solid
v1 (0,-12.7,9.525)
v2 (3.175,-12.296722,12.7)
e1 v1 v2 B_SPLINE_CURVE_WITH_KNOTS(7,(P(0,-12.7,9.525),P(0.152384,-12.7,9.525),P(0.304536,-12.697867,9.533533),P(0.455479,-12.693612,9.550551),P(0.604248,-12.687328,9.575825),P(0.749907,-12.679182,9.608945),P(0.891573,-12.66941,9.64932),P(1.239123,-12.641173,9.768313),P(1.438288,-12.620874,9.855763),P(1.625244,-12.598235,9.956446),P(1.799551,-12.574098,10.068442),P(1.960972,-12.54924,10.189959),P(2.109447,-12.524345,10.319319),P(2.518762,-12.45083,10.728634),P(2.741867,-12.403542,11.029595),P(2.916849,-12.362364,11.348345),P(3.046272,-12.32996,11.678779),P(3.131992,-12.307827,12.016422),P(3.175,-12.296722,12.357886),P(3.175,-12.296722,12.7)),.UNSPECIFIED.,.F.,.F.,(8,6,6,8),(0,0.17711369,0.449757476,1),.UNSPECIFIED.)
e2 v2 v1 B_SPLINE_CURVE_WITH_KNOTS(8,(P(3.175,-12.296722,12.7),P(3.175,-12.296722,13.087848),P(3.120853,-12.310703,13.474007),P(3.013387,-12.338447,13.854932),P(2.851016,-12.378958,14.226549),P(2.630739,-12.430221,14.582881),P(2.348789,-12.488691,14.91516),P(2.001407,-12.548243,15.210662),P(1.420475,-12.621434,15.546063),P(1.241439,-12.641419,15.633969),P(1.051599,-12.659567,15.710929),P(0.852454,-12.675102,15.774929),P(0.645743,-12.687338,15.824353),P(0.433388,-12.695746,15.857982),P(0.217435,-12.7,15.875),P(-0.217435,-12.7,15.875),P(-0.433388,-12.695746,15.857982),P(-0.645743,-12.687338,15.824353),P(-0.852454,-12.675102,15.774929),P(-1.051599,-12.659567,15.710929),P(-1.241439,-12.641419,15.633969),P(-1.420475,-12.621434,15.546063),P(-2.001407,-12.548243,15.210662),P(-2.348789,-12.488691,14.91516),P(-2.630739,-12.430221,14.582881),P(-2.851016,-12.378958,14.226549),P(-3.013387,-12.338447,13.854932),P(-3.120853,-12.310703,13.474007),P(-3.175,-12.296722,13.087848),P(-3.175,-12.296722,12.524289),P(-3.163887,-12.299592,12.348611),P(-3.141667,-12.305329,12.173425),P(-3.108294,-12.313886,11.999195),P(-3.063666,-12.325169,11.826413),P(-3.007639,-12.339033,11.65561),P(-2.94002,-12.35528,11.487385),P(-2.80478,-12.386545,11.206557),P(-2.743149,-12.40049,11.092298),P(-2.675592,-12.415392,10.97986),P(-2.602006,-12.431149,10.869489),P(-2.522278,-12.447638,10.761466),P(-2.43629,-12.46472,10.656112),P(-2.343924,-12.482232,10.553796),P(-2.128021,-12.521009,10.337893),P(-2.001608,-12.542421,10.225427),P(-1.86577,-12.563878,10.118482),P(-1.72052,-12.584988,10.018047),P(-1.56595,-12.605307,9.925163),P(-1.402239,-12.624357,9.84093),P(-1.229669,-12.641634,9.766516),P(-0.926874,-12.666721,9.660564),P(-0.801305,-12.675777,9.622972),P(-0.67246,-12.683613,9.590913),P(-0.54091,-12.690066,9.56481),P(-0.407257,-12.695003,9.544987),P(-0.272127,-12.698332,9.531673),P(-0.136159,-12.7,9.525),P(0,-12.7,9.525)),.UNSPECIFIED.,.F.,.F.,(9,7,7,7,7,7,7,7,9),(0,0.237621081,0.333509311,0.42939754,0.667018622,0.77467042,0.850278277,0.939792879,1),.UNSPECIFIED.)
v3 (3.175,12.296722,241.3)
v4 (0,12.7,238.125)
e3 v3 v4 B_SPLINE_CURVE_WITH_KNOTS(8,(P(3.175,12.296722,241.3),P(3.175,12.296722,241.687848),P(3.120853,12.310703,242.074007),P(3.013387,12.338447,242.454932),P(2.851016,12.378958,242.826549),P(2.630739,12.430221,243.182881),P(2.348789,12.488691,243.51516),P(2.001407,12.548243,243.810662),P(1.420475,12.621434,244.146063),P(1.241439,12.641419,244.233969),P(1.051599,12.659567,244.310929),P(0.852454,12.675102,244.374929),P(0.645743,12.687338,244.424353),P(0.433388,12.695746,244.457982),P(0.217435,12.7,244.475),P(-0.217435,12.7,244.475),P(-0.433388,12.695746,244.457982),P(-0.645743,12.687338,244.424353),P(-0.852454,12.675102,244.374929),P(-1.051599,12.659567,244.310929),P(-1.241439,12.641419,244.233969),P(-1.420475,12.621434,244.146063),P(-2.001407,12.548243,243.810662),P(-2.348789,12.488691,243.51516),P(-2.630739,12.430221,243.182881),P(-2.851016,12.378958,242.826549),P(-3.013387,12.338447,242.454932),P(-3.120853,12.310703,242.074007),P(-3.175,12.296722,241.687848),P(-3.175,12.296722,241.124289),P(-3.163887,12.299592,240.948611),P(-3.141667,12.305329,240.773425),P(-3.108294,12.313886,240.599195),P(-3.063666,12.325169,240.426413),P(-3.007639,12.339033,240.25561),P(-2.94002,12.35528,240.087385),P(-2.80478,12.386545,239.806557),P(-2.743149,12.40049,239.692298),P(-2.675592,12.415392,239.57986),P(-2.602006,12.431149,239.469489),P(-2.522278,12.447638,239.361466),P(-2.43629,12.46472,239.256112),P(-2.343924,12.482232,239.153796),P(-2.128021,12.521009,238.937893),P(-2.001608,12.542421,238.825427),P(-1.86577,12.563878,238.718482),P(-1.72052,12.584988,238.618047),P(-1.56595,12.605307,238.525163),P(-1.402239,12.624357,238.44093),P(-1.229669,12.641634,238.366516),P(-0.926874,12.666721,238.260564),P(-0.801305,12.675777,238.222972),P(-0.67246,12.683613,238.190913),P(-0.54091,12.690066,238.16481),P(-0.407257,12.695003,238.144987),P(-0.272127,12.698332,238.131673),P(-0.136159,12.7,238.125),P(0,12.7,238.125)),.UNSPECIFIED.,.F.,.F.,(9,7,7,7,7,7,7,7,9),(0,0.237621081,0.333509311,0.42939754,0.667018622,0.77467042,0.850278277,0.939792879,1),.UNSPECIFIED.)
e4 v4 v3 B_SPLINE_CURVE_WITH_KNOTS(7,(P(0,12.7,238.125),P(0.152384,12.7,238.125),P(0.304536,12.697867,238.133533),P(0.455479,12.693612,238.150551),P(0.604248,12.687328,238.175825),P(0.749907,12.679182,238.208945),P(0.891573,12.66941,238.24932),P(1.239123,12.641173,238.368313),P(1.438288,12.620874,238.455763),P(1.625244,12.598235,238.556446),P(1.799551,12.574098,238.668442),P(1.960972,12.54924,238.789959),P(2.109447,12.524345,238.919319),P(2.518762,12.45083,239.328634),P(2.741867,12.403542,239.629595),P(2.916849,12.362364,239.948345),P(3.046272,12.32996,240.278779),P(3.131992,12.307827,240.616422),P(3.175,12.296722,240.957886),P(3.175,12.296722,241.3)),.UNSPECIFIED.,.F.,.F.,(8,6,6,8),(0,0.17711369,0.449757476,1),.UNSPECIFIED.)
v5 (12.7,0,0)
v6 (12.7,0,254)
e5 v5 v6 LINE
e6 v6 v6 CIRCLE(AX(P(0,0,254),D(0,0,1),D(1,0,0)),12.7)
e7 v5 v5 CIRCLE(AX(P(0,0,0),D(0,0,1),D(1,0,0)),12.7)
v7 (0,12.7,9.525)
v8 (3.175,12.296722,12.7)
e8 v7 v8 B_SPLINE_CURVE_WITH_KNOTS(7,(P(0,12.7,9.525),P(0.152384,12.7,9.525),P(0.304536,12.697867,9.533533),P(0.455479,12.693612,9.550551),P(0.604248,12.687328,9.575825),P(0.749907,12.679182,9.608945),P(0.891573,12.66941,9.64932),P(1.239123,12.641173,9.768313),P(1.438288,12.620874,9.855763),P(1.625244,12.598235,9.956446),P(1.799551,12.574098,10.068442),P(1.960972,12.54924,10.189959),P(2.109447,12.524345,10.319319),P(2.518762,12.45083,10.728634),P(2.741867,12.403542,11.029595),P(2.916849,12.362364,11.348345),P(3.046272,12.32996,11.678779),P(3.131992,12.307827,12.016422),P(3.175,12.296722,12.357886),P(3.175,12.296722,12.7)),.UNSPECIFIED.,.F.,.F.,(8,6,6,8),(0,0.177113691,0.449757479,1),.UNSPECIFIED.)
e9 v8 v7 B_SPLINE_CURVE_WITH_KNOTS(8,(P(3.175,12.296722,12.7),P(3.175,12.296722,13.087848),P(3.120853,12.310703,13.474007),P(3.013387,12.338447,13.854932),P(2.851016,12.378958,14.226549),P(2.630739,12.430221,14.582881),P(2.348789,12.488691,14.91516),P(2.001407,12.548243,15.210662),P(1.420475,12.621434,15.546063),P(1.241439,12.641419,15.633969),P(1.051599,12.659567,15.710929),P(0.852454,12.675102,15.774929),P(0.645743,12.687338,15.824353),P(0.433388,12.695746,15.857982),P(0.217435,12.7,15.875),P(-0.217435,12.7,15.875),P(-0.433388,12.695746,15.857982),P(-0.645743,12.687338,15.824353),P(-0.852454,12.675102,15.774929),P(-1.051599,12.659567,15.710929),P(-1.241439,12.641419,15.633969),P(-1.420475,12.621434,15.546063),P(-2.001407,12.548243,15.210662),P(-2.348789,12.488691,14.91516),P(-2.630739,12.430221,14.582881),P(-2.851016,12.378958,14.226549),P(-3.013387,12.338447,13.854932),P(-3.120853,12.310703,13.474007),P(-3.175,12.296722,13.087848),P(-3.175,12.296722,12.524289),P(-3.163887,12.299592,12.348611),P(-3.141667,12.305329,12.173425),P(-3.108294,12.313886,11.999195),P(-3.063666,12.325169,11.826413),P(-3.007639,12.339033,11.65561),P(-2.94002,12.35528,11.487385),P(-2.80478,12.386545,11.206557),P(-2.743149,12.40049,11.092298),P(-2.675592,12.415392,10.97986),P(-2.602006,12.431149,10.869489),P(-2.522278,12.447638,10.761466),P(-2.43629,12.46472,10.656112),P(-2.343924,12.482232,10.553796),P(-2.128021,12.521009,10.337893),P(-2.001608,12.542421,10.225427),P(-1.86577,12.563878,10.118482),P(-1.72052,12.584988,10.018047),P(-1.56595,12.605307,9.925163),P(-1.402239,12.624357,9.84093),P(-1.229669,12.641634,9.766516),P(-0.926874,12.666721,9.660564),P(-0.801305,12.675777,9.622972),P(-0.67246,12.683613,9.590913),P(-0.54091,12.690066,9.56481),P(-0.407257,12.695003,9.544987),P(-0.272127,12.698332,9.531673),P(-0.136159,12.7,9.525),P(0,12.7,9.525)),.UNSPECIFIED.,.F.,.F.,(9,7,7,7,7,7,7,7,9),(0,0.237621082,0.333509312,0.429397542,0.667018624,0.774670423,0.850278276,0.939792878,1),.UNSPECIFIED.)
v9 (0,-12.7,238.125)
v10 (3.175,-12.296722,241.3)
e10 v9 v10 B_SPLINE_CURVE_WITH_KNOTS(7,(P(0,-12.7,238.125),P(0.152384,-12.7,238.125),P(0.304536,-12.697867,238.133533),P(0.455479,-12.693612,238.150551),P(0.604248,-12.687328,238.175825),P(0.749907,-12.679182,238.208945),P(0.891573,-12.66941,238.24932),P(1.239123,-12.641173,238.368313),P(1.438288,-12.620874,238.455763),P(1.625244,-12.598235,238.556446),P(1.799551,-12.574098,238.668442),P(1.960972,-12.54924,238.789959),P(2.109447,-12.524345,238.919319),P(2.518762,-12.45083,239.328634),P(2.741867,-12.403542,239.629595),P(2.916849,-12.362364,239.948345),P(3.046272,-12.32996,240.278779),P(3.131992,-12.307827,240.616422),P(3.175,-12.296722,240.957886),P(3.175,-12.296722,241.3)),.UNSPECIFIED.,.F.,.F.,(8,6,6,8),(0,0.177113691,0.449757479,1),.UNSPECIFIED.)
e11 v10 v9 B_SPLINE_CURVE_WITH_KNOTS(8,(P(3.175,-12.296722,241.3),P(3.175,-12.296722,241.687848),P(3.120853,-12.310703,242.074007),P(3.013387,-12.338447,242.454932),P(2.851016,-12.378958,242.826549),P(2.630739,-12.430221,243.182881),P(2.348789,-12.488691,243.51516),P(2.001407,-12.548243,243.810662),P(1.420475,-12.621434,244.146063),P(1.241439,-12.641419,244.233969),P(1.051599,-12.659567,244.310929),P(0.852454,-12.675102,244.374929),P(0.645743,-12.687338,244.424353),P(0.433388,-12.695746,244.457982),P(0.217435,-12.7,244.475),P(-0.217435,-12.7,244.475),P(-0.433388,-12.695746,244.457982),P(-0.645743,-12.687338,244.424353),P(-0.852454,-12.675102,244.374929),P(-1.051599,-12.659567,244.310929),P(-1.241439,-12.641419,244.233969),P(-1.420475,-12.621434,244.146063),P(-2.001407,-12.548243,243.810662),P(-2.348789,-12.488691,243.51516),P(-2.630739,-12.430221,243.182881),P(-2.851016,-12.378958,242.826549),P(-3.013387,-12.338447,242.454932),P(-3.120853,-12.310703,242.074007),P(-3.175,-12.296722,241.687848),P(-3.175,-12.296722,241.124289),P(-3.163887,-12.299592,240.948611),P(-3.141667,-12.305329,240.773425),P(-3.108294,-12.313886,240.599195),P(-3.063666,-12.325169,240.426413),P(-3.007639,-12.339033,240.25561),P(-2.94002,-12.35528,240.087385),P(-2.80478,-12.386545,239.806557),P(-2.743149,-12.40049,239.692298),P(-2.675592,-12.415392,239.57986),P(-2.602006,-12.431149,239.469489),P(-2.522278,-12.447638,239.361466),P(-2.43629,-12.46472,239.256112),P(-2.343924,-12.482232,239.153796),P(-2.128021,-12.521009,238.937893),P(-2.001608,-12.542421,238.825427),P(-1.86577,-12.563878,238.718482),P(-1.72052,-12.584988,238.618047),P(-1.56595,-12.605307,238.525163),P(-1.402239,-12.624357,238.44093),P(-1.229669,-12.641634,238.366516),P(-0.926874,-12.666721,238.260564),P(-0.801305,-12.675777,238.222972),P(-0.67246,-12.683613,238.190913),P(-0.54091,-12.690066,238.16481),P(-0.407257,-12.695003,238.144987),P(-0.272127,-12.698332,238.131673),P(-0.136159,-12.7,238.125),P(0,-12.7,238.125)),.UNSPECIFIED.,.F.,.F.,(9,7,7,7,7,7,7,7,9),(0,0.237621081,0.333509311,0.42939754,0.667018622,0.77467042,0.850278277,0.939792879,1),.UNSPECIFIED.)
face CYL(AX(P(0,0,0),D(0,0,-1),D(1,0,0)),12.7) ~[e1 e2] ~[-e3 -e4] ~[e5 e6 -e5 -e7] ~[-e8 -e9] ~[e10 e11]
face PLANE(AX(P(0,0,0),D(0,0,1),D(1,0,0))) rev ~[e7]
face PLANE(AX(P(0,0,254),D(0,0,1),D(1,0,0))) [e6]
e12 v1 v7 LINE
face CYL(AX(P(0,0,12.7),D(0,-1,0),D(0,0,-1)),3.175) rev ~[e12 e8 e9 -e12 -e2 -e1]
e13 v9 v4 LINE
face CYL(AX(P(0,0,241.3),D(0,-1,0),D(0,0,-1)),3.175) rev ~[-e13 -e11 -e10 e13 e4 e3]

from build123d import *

# Parameters (mm, degrees)
F0_R          = 12.7
F1_DEPTH      = 254
F3_DEPTH      = 25.4
F3_DEPTH_BACK = 25.4
F5_DEPTH      = 25.4
F5_DEPTH_BACK = 25.4


with BuildPart() as f1:
    # F0 (on Top) → F1 (new body)
    with BuildSketch(Plane.XY):
        Circle(F0_R)
    extrude(amount=F1_DEPTH)

    # F2 (on Front) → F3 (cut, two sides)
    with BuildSketch(Plane.XZ) as f3_sk:
        with BuildLine():
            ThreePointArc((0, 9.525), (2.2450640303, 10.4549359697), (3.175, 12.7))
            ThreePointArc((3.175, 12.7), (-2.2450640303, 14.9450640303), (0, 9.525))
        make_face()
    extrude(amount=-F3_DEPTH, mode=Mode.SUBTRACT)
    extrude(f3_sk.sketch, amount=F3_DEPTH_BACK, mode=Mode.SUBTRACT)

    # F4 (on Front) → F5 (cut, two sides)
    with BuildSketch(Plane.XZ) as f5_sk:
        with BuildLine():
            ThreePointArc((0, 238.125), (2.2450640303, 239.0549359697), (3.175, 241.3))
            ThreePointArc((3.175, 241.3), (-2.2450640303, 243.5450640303), (0, 238.125))
        make_face()
    extrude(amount=-F5_DEPTH, mode=Mode.SUBTRACT)
    extrude(f5_sk.sketch, amount=F5_DEPTH_BACK, mode=Mode.SUBTRACT)


solid = f1.part
